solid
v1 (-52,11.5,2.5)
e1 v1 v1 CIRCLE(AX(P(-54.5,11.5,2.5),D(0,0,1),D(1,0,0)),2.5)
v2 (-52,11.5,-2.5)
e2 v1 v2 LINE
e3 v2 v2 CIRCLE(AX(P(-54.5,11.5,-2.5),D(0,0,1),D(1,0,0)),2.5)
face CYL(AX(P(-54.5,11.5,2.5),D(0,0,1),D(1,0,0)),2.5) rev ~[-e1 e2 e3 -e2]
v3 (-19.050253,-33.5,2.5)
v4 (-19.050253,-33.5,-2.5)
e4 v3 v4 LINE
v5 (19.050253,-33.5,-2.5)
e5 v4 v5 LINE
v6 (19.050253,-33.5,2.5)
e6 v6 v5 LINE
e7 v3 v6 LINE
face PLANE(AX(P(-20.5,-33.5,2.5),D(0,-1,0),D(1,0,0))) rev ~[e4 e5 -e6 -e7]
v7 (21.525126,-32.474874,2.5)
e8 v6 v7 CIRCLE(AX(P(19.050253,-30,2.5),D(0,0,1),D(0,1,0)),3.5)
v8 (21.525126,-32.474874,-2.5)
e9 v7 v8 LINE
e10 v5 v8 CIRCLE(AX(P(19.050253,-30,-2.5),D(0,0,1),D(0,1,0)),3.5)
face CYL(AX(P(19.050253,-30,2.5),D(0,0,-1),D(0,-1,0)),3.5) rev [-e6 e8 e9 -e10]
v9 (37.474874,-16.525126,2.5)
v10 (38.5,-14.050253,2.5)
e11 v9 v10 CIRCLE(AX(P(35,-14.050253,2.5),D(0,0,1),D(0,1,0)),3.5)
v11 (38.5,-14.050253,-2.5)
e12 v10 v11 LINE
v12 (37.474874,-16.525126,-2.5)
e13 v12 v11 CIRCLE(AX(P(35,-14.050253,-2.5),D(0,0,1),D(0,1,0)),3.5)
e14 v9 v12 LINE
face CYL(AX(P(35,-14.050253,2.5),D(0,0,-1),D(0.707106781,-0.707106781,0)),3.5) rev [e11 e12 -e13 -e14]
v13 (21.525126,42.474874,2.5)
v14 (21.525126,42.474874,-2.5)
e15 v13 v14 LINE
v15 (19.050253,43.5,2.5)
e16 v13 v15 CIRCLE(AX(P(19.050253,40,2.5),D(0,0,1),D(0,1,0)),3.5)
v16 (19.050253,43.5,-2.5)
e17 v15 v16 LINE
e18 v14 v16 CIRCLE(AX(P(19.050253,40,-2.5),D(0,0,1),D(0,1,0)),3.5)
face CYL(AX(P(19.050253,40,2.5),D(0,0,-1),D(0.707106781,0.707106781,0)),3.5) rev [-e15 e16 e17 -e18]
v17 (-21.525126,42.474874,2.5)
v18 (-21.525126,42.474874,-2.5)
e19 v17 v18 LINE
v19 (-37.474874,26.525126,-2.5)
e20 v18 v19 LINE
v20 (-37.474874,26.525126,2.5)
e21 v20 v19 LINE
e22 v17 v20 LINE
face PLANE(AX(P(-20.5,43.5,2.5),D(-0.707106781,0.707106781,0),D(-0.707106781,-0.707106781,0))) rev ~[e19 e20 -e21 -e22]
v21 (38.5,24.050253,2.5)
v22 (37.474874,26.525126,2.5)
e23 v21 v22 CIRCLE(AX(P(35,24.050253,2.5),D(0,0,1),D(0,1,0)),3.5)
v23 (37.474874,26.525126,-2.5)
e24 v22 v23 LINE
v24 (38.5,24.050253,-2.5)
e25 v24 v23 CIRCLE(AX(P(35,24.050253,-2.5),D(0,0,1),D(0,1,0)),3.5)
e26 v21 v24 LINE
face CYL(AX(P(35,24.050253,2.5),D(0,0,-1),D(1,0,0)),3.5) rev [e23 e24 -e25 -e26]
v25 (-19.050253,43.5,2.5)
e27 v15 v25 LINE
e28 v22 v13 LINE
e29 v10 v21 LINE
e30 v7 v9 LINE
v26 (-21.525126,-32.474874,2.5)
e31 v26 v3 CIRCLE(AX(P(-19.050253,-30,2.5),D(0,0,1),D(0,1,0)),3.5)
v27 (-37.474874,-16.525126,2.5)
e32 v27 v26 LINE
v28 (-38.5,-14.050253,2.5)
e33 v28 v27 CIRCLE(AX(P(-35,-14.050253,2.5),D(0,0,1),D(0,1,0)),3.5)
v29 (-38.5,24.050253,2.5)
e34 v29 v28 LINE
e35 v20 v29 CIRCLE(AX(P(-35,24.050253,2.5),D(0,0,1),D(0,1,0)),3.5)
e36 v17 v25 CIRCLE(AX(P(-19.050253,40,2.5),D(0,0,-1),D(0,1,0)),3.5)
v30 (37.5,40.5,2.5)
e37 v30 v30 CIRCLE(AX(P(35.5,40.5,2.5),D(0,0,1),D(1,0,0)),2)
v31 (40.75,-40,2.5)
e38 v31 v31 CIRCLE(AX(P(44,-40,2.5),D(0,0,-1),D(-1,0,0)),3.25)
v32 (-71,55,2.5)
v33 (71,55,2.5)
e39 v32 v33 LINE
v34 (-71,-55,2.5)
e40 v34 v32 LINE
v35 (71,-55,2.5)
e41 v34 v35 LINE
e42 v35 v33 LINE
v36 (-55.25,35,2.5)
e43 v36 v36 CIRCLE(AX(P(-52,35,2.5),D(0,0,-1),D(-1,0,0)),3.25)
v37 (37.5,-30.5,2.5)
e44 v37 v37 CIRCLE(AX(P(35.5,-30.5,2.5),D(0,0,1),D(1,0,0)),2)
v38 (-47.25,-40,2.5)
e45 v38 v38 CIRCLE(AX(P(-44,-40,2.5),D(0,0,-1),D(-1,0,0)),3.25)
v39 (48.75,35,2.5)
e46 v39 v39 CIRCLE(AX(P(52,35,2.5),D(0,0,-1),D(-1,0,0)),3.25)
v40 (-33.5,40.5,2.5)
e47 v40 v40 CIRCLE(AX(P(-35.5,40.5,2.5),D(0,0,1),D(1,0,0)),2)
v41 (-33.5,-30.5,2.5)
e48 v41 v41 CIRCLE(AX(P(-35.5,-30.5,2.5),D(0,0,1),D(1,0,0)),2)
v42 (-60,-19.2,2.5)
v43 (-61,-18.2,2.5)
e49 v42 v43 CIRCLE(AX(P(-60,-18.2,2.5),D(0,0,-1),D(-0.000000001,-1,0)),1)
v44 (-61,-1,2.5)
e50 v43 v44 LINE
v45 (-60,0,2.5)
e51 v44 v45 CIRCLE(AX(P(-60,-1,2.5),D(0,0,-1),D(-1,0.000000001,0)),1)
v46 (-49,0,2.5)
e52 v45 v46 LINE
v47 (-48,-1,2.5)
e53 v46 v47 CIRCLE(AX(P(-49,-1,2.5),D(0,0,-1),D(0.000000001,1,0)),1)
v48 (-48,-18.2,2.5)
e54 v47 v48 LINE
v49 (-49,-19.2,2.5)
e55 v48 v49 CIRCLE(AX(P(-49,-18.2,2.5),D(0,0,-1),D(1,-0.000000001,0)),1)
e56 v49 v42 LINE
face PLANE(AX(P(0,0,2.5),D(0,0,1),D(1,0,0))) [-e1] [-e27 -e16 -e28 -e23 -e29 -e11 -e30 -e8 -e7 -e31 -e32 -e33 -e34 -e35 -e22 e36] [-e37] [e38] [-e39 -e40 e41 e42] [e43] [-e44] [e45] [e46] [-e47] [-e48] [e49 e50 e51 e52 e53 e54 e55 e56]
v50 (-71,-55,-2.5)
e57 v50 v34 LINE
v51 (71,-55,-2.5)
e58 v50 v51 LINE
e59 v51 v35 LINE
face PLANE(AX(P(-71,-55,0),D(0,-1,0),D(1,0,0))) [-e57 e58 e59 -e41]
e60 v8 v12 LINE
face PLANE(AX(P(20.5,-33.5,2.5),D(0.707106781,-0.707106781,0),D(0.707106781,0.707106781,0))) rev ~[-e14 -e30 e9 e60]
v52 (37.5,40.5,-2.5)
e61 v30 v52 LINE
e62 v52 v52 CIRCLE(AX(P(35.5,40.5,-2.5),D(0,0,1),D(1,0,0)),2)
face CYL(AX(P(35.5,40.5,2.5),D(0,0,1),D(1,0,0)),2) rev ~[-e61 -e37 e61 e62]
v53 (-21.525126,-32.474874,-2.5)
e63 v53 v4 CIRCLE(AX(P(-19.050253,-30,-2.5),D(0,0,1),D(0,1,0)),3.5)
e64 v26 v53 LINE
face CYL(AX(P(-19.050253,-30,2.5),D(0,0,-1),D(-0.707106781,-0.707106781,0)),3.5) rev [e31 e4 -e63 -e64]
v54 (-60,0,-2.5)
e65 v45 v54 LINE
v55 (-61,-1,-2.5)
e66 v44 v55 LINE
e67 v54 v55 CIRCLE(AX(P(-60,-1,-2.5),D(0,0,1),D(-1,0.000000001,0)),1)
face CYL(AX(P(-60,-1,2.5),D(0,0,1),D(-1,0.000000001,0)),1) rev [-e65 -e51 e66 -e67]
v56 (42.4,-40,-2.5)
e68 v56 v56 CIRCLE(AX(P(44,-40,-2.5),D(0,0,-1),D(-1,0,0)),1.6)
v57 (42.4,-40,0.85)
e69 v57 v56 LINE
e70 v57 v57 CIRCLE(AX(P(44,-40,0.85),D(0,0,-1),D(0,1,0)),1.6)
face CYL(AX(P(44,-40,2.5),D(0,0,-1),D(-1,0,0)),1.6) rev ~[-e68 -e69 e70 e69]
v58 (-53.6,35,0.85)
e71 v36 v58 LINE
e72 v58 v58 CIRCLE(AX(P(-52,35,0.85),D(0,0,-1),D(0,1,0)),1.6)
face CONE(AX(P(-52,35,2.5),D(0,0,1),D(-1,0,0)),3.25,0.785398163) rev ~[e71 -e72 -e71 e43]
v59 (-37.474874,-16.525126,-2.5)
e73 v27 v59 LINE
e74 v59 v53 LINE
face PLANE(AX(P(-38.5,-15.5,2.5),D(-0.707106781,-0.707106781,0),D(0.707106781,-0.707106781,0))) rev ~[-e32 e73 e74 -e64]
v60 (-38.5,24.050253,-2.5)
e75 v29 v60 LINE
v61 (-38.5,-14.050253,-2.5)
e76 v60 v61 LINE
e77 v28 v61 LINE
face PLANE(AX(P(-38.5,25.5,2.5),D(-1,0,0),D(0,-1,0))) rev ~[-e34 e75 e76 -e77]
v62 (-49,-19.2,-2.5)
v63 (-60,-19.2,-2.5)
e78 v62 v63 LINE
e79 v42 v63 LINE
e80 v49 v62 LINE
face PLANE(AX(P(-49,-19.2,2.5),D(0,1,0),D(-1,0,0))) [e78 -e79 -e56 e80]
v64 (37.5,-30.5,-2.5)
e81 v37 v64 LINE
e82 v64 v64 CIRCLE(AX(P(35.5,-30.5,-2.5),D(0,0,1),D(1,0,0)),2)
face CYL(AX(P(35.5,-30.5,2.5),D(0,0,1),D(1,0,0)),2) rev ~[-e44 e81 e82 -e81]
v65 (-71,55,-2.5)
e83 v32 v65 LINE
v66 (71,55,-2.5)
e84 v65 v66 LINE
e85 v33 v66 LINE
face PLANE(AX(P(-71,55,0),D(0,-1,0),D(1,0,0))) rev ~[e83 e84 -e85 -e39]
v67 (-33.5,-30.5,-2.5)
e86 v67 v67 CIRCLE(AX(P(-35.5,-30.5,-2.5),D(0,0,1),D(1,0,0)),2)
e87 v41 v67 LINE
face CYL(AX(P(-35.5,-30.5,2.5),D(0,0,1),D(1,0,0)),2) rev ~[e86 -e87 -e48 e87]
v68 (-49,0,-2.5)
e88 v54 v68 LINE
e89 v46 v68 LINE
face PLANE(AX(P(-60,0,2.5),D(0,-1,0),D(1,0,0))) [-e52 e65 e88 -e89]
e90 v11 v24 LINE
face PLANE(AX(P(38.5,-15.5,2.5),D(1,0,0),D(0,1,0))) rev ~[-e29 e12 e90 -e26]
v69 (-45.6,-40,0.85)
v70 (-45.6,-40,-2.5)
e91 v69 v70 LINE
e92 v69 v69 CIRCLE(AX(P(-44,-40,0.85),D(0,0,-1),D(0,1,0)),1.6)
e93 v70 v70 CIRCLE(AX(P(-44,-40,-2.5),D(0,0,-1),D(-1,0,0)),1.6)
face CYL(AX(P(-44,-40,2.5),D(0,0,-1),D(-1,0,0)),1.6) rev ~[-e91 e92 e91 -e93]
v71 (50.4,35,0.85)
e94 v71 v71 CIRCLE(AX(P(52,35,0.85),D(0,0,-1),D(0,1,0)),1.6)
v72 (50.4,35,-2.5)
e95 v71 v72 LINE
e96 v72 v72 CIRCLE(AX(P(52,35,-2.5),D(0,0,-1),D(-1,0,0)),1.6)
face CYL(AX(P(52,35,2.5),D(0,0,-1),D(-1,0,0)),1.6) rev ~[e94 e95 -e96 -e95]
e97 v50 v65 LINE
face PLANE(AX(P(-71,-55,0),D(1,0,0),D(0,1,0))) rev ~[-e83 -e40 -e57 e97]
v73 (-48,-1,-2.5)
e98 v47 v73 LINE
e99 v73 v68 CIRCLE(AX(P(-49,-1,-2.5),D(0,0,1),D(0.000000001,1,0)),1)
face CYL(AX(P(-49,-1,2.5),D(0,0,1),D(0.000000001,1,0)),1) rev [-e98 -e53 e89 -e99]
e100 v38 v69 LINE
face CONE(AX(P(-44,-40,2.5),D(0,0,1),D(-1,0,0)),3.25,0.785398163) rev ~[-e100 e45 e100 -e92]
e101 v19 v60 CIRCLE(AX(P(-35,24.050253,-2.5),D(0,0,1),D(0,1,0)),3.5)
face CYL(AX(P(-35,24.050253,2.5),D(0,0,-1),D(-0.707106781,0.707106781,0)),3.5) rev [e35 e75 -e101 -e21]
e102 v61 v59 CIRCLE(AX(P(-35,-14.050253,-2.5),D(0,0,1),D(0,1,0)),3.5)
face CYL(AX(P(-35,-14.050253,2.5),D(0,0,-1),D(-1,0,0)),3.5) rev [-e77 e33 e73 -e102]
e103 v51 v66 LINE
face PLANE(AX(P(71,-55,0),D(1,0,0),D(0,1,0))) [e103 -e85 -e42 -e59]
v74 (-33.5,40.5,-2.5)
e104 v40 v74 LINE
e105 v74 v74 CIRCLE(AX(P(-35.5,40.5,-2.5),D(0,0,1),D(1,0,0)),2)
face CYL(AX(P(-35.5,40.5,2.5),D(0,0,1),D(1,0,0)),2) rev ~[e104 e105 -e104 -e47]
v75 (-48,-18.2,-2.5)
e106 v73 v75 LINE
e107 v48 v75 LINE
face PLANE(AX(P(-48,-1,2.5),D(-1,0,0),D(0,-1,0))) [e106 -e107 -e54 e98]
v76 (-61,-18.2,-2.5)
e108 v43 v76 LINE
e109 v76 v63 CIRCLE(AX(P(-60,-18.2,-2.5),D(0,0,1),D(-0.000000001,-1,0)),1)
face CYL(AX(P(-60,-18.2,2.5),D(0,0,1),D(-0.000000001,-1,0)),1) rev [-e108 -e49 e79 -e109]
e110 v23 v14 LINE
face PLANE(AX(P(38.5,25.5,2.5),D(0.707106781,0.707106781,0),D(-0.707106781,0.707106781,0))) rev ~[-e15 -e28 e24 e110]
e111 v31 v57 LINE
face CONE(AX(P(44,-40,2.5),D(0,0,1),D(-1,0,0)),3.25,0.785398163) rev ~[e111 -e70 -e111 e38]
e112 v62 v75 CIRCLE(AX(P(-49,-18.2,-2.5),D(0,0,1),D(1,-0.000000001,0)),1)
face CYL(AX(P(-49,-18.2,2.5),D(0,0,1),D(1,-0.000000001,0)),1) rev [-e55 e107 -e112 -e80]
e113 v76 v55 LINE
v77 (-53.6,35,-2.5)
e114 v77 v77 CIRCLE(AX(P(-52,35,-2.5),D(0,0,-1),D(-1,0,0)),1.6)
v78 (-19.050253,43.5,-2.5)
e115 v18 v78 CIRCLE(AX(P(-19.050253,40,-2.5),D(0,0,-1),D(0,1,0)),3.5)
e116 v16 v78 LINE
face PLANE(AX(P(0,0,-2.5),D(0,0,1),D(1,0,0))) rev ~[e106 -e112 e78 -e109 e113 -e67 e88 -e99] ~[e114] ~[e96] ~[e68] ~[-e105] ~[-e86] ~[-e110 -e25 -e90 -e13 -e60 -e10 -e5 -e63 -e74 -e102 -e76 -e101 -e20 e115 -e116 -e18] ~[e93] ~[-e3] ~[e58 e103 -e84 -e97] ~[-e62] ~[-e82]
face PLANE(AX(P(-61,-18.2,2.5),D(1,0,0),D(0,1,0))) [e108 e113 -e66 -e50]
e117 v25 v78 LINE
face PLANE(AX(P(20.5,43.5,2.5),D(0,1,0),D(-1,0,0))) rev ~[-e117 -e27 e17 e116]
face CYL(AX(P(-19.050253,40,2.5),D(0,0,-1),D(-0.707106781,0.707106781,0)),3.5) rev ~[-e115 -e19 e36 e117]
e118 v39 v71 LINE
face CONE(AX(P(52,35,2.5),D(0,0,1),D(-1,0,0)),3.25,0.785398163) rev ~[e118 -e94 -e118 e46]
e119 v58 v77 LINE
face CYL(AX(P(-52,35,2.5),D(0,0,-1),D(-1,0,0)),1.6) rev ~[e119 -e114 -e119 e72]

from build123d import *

# Parameters (mm, degrees)
SKETCH1_W                              = 142
SKETCH1_H                              = 110
SHEET_DEPTH                            = 2.5
SKETCH7_R                              = 2
FANHOLES_DEPTH                         = 6
FILLET1_R                              = 3.5
F_3_2_3_2_TOPMOUNTHOLES_D              = 3.2
F_3_2_3_2_TOPMOUNTHOLES_CSINK_D        = 6.5
F_3_2_3_2_TOPMOUNTHOLES_CSINK_ANGLE    = 90
F_3_2_3_2_BOTTOMMOUNTHOLES_D           = 3.2
F_3_2_3_2_BOTTOMMOUNTHOLES_CSINK_D     = 6.5
F_3_2_3_2_BOTTOMMOUNTHOLES_CSINK_ANGLE = 90
SWITCHSLOT_DEPTH                       = 6
SKETCH8_R                              = 2.5
LEDHOLE_DEPTH                          = 6


with BuildPart() as part:
    # Sketch1 → Sheet (new body, symmetric)
    with BuildSketch(Plane.XY):
        Rectangle(SKETCH1_W, SKETCH1_H)
    extrude(amount=SHEET_DEPTH, both=True)

    # Sketch7 → FanHoles (cut, through all)
    with BuildSketch(Plane.XY.offset(2.5)):
        with Locations((-35.5, -30.5)):
            Circle(SKETCH7_R)
        with Locations((35.5, -30.5)):
            Circle(SKETCH7_R)
        with Locations((35.5, 40.5)):
            Circle(SKETCH7_R)
        with Locations((-35.5, 40.5)):
            Circle(SKETCH7_R)
        Polygon((-20.5, 43.5), (-38.5, 25.5), (-38.5, -15.5), (-20.5, -33.5), (20.5, -33.5), (38.5, -15.5), (38.5, 25.5), (20.5, 43.5), align=None)
    extrude(amount=-FANHOLES_DEPTH, mode=Mode.SUBTRACT)

    # Fillet1
    fillet1_edges = [part.edges().sort_by_distance(p)[0] for p in [
        (-20.5, 43.5, 0),
        (20.5, 43.5, 0),
        (38.5, 25.5, 0),
        (38.5, -15.5, 0),
        (20.5, -33.5, 0),
        (-20.5, -33.5, 0),
        (-38.5, -15.5, 0),
        (-38.5, 25.5, 0),
    ]]
    fillet(fillet1_edges, radius=FILLET1_R)

    # Ø3.2 (3.2) TopMountHoles (through all)
    with Locations(Plane.XY.offset(2.5)):
        with Locations((-52, 35), (52, 35)):
            CounterSinkHole(F_3_2_3_2_TOPMOUNTHOLES_D / 2, F_3_2_3_2_TOPMOUNTHOLES_CSINK_D / 2, counter_sink_angle=F_3_2_3_2_TOPMOUNTHOLES_CSINK_ANGLE)

    # Ø3.2 (3.2) BottomMountHoles (through all)
    with Locations(Plane.XY.offset(2.5)):
        with Locations((-44, -40), (44, -40)):
            CounterSinkHole(F_3_2_3_2_BOTTOMMOUNTHOLES_D / 2, F_3_2_3_2_BOTTOMMOUNTHOLES_CSINK_D / 2, counter_sink_angle=F_3_2_3_2_BOTTOMMOUNTHOLES_CSINK_ANGLE)

    # Sketch13 → SwitchSlot (cut, through all)
    with BuildSketch(Plane.XY.offset(2.5)):
        with BuildLine():
            Line((-60, 0), (-49, 0))
            ThreePointArc((-49, 0), (-48.292893219, -0.292893219), (-48, -1))
            Line((-48, -1), (-48, -18.2))
            ThreePointArc((-48, -18.2), (-48.292893219, -18.907106781), (-49, -19.2))
            Line((-49, -19.2), (-60, -19.2))
            ThreePointArc((-60, -19.2), (-60.707106781, -18.907106781), (-61, -18.2))
            Line((-61, -18.2), (-61, -1))
            ThreePointArc((-61, -1), (-60.707106781, -0.292893219), (-60, 0))
        make_face()
    extrude(amount=-SWITCHSLOT_DEPTH, mode=Mode.SUBTRACT)

    # Sketch8 → LEDHole (cut, through all)
    with BuildSketch(Plane.XY.offset(2.5)):
        with Locations((-54.5, 11.5)):
            Circle(SKETCH8_R)
    extrude(amount=-LEDHOLE_DEPTH, mode=Mode.SUBTRACT)


solid = part.part
